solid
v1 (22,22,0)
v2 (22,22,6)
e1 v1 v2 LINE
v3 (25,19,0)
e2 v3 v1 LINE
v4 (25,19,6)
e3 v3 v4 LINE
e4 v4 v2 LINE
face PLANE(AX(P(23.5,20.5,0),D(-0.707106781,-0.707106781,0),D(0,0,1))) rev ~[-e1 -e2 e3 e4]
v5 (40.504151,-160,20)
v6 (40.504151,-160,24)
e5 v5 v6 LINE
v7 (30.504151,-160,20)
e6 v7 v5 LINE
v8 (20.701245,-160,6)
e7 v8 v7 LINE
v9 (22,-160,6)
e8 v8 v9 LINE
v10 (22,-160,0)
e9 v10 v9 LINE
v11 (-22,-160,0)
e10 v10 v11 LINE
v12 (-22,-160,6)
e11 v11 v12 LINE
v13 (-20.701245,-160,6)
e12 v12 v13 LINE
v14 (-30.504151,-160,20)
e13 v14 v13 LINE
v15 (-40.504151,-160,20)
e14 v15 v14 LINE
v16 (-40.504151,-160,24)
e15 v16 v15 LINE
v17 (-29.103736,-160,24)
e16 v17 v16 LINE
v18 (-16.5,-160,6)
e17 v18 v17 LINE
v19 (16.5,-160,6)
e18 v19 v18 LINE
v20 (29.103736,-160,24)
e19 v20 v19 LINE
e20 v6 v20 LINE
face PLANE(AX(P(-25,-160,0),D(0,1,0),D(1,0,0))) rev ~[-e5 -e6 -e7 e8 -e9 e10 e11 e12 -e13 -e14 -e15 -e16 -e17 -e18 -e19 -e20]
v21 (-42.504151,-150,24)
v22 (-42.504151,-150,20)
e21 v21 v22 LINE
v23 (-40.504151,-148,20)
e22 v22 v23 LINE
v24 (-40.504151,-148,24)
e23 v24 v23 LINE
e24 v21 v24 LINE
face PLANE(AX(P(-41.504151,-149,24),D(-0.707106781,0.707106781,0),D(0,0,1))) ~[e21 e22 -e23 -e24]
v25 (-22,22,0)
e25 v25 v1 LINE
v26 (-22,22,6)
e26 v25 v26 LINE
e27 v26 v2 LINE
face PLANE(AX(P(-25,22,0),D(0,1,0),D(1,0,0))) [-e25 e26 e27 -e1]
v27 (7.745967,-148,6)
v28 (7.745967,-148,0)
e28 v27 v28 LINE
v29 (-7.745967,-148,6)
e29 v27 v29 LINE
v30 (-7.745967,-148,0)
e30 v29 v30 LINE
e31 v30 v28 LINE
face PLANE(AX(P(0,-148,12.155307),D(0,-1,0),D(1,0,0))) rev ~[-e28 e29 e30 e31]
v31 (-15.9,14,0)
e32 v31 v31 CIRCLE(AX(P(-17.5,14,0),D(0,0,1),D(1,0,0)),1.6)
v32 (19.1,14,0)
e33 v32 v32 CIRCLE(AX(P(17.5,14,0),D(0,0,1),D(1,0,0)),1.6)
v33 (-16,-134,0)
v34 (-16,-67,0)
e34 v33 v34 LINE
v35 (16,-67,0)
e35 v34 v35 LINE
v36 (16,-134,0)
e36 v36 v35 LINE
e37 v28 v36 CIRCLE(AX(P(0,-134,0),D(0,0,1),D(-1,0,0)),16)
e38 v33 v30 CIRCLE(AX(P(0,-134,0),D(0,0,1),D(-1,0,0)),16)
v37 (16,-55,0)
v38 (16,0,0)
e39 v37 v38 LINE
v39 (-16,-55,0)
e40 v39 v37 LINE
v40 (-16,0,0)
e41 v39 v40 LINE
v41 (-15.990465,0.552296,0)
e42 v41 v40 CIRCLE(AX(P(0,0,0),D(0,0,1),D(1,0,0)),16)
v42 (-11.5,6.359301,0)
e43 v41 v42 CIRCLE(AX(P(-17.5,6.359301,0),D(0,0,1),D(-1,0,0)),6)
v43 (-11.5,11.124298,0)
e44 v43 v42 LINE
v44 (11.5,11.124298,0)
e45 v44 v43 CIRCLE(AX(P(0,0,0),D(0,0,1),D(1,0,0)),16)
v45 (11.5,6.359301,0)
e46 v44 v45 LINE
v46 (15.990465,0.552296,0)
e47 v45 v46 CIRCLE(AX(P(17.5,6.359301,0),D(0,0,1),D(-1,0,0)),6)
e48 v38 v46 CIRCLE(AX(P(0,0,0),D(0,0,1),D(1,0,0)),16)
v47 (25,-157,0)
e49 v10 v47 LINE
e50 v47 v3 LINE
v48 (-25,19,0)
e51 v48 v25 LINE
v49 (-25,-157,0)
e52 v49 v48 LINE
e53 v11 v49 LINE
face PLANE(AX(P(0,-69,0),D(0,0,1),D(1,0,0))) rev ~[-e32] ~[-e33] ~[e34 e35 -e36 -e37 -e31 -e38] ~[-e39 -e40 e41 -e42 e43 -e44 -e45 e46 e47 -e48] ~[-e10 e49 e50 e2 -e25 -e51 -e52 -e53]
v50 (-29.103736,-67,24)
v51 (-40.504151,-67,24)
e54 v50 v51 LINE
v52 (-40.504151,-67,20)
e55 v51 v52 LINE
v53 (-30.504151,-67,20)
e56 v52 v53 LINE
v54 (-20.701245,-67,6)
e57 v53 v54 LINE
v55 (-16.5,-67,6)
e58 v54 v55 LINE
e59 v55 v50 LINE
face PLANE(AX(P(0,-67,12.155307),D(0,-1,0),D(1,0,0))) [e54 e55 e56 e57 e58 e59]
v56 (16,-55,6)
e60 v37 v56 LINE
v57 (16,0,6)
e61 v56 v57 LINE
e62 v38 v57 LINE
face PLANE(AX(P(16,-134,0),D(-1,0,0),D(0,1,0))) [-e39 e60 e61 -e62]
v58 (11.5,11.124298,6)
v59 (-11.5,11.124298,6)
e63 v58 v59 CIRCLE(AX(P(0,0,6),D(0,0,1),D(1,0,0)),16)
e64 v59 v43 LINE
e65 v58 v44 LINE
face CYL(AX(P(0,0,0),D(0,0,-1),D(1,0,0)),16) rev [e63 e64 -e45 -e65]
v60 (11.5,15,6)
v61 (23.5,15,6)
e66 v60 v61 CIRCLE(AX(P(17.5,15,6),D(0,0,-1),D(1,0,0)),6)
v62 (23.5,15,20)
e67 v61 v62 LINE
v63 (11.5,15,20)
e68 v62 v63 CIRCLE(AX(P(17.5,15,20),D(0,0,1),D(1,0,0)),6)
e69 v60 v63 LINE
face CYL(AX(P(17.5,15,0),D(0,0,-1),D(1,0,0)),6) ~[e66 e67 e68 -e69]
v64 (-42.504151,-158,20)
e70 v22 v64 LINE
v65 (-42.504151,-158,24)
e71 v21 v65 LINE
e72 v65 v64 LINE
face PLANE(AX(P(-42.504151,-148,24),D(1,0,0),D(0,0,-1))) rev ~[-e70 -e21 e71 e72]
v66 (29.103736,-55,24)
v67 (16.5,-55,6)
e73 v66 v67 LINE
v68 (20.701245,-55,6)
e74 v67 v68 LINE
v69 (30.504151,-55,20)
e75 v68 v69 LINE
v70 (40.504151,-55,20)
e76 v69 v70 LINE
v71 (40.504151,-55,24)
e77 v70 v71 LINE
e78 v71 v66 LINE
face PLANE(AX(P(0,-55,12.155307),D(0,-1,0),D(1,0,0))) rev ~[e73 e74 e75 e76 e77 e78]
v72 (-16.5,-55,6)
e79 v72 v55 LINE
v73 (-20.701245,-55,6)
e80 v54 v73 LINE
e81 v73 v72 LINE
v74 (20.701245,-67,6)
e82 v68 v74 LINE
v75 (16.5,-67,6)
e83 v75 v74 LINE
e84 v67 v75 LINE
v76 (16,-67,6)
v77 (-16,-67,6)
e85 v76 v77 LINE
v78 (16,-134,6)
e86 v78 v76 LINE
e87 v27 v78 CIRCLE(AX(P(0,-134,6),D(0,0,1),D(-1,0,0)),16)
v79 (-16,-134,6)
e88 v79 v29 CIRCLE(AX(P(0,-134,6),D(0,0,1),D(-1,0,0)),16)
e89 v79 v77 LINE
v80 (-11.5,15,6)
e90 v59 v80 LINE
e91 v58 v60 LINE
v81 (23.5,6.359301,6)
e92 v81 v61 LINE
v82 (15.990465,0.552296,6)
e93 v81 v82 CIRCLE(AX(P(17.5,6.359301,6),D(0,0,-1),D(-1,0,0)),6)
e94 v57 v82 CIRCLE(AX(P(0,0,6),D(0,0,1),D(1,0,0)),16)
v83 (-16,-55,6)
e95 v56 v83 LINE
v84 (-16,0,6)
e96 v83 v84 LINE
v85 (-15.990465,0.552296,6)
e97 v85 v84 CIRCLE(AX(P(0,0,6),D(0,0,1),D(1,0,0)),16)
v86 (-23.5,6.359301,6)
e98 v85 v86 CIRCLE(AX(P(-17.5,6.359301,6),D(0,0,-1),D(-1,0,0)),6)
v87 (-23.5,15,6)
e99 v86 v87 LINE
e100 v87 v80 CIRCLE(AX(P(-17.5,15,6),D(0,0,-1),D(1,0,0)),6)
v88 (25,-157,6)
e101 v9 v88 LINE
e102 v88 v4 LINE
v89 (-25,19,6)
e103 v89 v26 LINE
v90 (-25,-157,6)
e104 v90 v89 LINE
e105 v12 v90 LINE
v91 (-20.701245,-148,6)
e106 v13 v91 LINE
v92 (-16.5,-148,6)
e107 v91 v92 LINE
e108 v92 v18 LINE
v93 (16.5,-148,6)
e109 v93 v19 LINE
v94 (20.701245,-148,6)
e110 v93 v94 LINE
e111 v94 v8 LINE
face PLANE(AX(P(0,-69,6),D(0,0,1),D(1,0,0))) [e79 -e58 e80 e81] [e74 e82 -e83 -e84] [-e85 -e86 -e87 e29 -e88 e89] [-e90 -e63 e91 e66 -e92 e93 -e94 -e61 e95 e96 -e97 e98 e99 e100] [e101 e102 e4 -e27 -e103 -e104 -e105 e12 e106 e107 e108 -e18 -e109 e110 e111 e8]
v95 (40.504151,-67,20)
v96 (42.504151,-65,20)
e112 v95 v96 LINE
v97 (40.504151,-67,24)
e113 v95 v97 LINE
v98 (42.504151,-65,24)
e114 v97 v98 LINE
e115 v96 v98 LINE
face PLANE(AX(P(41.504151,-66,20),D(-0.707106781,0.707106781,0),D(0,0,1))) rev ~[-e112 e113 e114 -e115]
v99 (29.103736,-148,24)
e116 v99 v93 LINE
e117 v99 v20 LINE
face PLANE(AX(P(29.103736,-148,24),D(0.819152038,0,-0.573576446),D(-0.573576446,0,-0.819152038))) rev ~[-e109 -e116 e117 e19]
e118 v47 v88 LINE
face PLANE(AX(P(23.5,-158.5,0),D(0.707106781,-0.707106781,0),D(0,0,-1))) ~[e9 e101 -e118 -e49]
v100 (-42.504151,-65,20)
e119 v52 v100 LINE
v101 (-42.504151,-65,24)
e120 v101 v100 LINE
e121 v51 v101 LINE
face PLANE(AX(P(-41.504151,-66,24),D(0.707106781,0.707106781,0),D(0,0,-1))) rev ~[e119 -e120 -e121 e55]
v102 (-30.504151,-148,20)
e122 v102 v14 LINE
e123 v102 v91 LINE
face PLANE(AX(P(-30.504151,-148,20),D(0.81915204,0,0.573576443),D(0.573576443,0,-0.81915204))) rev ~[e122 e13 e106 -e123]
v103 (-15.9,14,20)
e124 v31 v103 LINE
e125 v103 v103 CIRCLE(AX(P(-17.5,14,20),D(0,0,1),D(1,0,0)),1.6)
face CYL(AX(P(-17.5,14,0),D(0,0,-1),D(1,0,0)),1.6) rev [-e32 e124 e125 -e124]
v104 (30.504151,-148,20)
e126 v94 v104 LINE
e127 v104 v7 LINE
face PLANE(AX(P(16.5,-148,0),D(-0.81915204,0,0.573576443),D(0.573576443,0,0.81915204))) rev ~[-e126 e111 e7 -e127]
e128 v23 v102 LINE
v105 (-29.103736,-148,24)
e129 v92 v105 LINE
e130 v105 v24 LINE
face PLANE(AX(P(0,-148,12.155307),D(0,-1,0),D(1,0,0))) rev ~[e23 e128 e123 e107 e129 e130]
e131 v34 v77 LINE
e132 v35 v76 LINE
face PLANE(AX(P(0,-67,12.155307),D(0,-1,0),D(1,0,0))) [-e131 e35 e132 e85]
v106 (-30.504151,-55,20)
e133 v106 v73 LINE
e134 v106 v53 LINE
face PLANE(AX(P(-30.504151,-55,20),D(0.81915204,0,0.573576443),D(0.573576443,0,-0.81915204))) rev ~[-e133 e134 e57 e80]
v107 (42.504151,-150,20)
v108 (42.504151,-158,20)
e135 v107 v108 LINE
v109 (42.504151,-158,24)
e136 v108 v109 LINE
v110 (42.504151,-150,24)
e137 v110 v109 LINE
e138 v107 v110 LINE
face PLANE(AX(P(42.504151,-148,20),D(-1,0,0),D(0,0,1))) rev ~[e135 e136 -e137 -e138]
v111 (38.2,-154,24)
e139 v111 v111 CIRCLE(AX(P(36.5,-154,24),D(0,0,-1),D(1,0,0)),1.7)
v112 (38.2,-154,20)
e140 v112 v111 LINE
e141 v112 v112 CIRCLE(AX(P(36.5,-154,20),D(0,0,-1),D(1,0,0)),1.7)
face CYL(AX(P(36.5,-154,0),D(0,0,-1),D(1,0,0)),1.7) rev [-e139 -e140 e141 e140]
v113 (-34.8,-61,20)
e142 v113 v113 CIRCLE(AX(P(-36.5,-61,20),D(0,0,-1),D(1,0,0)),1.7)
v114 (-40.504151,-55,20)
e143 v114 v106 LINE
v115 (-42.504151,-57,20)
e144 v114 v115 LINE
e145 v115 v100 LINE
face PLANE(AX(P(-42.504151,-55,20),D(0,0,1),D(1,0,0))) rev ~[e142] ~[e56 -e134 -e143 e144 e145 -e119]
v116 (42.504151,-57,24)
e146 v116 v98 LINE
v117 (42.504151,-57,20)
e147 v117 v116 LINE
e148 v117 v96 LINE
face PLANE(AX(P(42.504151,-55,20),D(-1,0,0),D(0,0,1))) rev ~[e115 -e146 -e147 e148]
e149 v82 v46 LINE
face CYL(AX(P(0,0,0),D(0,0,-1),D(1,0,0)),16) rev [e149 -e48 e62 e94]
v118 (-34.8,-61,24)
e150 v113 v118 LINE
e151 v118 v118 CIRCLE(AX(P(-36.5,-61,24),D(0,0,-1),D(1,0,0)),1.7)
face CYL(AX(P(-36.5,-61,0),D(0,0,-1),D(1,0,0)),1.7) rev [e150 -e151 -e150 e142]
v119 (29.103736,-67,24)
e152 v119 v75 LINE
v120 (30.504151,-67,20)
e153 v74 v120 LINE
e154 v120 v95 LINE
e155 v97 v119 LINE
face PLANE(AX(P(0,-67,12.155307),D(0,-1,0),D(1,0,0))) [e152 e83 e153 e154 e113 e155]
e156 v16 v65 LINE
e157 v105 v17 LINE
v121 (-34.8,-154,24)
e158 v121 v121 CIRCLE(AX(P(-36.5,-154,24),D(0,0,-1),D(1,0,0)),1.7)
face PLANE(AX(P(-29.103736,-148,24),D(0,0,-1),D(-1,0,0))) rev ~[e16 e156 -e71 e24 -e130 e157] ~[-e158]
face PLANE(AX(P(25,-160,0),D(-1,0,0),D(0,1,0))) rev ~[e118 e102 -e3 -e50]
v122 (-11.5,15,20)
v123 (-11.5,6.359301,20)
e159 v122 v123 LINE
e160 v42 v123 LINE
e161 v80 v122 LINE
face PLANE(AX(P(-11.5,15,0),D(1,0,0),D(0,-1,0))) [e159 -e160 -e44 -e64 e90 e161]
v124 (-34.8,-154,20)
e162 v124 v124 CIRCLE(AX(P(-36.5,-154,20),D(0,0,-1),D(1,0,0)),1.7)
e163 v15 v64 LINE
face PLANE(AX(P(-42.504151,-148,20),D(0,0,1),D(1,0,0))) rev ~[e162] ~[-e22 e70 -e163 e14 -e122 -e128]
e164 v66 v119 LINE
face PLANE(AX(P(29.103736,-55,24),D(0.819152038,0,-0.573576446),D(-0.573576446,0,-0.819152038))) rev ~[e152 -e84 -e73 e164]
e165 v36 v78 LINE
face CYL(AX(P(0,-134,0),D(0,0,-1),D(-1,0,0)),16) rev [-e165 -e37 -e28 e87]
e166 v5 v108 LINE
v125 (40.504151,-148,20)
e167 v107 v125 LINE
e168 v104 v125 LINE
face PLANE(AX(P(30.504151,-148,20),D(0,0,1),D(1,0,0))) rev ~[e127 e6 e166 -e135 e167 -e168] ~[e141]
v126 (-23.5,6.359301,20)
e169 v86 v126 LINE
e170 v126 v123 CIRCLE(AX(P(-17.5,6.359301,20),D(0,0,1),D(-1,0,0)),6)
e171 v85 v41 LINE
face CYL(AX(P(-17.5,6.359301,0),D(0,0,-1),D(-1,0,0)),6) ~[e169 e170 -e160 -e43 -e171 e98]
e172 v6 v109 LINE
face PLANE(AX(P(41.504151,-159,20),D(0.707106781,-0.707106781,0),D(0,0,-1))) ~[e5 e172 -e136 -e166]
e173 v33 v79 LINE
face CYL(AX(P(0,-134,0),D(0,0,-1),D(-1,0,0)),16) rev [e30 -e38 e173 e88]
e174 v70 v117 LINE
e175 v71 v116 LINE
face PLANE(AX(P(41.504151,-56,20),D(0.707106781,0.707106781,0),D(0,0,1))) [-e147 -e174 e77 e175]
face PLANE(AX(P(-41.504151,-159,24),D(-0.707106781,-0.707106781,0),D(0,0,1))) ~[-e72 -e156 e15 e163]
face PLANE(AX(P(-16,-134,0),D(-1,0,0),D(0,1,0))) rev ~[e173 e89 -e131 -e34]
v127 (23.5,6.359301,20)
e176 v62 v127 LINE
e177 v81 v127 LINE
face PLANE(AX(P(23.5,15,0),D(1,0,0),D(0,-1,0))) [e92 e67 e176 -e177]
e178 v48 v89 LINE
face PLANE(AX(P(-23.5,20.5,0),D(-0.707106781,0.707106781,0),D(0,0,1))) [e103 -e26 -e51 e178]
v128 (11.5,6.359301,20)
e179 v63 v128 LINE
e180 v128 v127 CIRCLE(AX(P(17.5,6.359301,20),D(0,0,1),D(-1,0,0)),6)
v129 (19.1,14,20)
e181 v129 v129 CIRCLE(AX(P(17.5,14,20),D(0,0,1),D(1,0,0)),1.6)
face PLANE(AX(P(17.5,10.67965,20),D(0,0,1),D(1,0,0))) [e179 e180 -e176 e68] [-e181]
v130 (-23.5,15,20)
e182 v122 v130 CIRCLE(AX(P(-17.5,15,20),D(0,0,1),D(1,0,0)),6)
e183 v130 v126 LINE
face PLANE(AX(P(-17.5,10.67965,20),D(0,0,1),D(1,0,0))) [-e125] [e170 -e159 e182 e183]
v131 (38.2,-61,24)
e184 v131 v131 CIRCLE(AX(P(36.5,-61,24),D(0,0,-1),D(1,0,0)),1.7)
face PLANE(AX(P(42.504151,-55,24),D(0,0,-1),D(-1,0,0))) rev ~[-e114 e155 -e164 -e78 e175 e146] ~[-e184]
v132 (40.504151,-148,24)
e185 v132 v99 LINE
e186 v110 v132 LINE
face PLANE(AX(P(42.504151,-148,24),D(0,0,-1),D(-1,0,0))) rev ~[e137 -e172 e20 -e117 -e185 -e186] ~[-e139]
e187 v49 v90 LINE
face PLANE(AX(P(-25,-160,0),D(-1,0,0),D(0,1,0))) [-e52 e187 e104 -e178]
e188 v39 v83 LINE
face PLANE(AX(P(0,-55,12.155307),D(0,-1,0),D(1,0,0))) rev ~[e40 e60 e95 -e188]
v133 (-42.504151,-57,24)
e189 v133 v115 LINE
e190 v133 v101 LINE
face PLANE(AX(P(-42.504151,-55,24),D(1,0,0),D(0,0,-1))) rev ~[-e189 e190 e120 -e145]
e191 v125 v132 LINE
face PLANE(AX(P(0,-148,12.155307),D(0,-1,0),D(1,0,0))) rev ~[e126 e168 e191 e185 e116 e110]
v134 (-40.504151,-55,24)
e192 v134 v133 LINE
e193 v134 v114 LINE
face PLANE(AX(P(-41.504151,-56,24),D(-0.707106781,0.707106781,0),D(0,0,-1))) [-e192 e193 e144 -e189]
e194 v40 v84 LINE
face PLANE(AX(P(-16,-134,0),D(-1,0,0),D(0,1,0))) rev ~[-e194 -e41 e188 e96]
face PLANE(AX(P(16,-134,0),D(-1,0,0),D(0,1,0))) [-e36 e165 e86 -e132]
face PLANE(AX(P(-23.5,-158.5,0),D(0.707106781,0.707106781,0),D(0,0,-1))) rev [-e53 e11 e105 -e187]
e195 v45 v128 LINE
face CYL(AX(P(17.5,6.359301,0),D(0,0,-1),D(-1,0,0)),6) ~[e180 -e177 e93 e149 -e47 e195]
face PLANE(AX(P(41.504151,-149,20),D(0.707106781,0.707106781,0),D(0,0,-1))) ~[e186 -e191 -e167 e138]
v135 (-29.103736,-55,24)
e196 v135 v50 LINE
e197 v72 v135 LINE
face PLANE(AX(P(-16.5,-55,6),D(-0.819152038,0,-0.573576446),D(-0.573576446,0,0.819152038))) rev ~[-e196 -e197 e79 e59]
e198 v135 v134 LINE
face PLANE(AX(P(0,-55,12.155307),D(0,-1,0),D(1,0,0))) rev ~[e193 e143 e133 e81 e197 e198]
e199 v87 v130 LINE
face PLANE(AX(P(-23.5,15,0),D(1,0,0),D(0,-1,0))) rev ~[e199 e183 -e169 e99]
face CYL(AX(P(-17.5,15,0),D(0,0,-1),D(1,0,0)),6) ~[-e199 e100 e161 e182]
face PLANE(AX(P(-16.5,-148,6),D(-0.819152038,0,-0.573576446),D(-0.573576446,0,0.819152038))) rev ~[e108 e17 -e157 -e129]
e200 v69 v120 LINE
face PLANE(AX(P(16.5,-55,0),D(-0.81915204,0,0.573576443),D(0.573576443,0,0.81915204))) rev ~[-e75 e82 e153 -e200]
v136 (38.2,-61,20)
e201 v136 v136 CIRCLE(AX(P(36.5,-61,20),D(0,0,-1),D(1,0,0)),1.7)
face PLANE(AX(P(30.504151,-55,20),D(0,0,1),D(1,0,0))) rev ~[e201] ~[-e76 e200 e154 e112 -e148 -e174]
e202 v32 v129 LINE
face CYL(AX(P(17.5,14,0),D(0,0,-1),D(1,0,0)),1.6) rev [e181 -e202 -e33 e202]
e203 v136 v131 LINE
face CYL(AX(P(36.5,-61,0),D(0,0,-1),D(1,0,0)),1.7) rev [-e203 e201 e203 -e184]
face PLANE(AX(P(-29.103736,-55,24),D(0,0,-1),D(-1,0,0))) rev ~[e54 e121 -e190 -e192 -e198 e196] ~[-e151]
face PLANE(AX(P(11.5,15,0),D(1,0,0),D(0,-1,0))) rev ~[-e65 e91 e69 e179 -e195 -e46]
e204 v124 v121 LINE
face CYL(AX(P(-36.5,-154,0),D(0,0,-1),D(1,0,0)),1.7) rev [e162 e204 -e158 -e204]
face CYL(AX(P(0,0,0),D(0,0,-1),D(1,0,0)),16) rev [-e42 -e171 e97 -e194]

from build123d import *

# Parameters (mm, degrees)
SKETCH004_W     = 50
SKETCH004_H     = 182
PAD003_DEPTH    = 6
PAD010_DEPTH    = 20
SKETCH015_R     = 1.6
POCKET_DEPTH    = 20
PAD_DEPTH       = 12
PAD018_DEPTH    = 12
SKETCH019_R     = 1.7
HOLE_DEPTH      = 40
CHAMFER002_SIZE = 2
CHAMFER_SIZE    = 3


with BuildPart() as part:
    # Sketch004 → Pad003 (new body)
    with BuildSketch(Plane.XY):
        with Locations((0, -69)):
            Rectangle(SKETCH004_W, SKETCH004_H)
        with BuildLine():
            ThreePointArc((-16, -134), (0, -150), (16, -134))
            Line((16, -134), (16, 0))
            ThreePointArc((16, 0), (0, 16), (-16, 0))
            Line((-16, -134), (-16, 0))
        make_face(mode=Mode.SUBTRACT)
    extrude(amount=PAD003_DEPTH)

    # Sketch016 → Pad010 (join)
    with BuildSketch(Plane.XY):
        with BuildLine():
            ThreePointArc((-11.5, 15), (-17.5, 21), (-23.5, 15))
            Line((-23.5, 15), (-23.5, 6.359301))
            ThreePointArc((-23.5, 6.359301), (-17.5, 0.359301), (-11.5, 6.359301))
            Line((-11.5, 15), (-11.5, 6.359301))
        make_face()
        with BuildLine():
            ThreePointArc((23.5, 15), (17.5, 21), (11.5, 15))
            Line((11.5, 15), (11.5, 6.359301))
            ThreePointArc((11.5, 6.359301), (17.5, 0.359301), (23.5, 6.359301))
            Line((23.5, 15), (23.5, 6.359301))
        make_face()
    extrude(amount=PAD010_DEPTH)

    # Sketch015 → Pocket (cut)
    with BuildSketch(Plane.XY):
        with Locations((-17.5, 14)):
            Circle(SKETCH015_R)
        with Locations((17.5, 14)):
            Circle(SKETCH015_R)
    extrude(amount=POCKET_DEPTH, mode=Mode.SUBTRACT)

    # Sketch018 → Pad (join)
    with BuildSketch(Plane.XZ.offset(148)):
        Polygon((-16.5, 0), (16.5, 0), (30.504151, 20), (42.504151, 20), (42.504151, 24), (29.103736, 24), (16.5, 6), (-16.5, 6), (-29.103736, 24), (-42.504151, 24), (-42.504151, 20), (-30.504151, 20), align=None)
    extrude(amount=PAD_DEPTH)

    # Sketch034 → Pad018 (join)
    with BuildSketch(Plane.XZ.offset(55)):
        Polygon((-16.5, 0), (16.5, 0), (30.504151, 20), (42.504151, 20), (42.504151, 24), (29.103736, 24), (16.5, 6), (-16.5, 6), (-29.103736, 24), (-42.504151, 24), (-42.504151, 20), (-30.504151, 20), align=None)
    extrude(amount=PAD018_DEPTH)

    # Sketch019 → Hole (cut)
    with BuildSketch(Plane.XY):
        with Locations((-36.5, -154)):
            Circle(SKETCH019_R)
        with Locations((36.5, -154)):
            Circle(SKETCH019_R)
        with Locations((-36.5, -61)):
            Circle(SKETCH019_R)
        with Locations((36.5, -61)):
            Circle(SKETCH019_R)
    extrude(amount=HOLE_DEPTH, mode=Mode.SUBTRACT)

    # Chamfer002
    chamfer002_edges = [part.edges().sort_by_distance(p)[0] for p in [
        (-42.504151, -160, 22),
        (-42.504151, -148, 22),
        (42.504151, -160, 22),
        (42.504151, -148, 22),
        (-42.504151, -67, 22),
        (-42.504151, -55, 22),
        (42.504151, -67, 22),
        (42.504151, -55, 22),
    ]]
    chamfer(chamfer002_edges, length=CHAMFER002_SIZE)

    # Chamfer
    chamfer_edges = [part.edges().sort_by_distance(p)[0] for p in [
        (-25, -160, 3),
        (25, -160, 3),
        (25, 22, 3),
        (-25, 22, 3),
    ]]
    chamfer(chamfer_edges, length=CHAMFER_SIZE)


solid = part.part
